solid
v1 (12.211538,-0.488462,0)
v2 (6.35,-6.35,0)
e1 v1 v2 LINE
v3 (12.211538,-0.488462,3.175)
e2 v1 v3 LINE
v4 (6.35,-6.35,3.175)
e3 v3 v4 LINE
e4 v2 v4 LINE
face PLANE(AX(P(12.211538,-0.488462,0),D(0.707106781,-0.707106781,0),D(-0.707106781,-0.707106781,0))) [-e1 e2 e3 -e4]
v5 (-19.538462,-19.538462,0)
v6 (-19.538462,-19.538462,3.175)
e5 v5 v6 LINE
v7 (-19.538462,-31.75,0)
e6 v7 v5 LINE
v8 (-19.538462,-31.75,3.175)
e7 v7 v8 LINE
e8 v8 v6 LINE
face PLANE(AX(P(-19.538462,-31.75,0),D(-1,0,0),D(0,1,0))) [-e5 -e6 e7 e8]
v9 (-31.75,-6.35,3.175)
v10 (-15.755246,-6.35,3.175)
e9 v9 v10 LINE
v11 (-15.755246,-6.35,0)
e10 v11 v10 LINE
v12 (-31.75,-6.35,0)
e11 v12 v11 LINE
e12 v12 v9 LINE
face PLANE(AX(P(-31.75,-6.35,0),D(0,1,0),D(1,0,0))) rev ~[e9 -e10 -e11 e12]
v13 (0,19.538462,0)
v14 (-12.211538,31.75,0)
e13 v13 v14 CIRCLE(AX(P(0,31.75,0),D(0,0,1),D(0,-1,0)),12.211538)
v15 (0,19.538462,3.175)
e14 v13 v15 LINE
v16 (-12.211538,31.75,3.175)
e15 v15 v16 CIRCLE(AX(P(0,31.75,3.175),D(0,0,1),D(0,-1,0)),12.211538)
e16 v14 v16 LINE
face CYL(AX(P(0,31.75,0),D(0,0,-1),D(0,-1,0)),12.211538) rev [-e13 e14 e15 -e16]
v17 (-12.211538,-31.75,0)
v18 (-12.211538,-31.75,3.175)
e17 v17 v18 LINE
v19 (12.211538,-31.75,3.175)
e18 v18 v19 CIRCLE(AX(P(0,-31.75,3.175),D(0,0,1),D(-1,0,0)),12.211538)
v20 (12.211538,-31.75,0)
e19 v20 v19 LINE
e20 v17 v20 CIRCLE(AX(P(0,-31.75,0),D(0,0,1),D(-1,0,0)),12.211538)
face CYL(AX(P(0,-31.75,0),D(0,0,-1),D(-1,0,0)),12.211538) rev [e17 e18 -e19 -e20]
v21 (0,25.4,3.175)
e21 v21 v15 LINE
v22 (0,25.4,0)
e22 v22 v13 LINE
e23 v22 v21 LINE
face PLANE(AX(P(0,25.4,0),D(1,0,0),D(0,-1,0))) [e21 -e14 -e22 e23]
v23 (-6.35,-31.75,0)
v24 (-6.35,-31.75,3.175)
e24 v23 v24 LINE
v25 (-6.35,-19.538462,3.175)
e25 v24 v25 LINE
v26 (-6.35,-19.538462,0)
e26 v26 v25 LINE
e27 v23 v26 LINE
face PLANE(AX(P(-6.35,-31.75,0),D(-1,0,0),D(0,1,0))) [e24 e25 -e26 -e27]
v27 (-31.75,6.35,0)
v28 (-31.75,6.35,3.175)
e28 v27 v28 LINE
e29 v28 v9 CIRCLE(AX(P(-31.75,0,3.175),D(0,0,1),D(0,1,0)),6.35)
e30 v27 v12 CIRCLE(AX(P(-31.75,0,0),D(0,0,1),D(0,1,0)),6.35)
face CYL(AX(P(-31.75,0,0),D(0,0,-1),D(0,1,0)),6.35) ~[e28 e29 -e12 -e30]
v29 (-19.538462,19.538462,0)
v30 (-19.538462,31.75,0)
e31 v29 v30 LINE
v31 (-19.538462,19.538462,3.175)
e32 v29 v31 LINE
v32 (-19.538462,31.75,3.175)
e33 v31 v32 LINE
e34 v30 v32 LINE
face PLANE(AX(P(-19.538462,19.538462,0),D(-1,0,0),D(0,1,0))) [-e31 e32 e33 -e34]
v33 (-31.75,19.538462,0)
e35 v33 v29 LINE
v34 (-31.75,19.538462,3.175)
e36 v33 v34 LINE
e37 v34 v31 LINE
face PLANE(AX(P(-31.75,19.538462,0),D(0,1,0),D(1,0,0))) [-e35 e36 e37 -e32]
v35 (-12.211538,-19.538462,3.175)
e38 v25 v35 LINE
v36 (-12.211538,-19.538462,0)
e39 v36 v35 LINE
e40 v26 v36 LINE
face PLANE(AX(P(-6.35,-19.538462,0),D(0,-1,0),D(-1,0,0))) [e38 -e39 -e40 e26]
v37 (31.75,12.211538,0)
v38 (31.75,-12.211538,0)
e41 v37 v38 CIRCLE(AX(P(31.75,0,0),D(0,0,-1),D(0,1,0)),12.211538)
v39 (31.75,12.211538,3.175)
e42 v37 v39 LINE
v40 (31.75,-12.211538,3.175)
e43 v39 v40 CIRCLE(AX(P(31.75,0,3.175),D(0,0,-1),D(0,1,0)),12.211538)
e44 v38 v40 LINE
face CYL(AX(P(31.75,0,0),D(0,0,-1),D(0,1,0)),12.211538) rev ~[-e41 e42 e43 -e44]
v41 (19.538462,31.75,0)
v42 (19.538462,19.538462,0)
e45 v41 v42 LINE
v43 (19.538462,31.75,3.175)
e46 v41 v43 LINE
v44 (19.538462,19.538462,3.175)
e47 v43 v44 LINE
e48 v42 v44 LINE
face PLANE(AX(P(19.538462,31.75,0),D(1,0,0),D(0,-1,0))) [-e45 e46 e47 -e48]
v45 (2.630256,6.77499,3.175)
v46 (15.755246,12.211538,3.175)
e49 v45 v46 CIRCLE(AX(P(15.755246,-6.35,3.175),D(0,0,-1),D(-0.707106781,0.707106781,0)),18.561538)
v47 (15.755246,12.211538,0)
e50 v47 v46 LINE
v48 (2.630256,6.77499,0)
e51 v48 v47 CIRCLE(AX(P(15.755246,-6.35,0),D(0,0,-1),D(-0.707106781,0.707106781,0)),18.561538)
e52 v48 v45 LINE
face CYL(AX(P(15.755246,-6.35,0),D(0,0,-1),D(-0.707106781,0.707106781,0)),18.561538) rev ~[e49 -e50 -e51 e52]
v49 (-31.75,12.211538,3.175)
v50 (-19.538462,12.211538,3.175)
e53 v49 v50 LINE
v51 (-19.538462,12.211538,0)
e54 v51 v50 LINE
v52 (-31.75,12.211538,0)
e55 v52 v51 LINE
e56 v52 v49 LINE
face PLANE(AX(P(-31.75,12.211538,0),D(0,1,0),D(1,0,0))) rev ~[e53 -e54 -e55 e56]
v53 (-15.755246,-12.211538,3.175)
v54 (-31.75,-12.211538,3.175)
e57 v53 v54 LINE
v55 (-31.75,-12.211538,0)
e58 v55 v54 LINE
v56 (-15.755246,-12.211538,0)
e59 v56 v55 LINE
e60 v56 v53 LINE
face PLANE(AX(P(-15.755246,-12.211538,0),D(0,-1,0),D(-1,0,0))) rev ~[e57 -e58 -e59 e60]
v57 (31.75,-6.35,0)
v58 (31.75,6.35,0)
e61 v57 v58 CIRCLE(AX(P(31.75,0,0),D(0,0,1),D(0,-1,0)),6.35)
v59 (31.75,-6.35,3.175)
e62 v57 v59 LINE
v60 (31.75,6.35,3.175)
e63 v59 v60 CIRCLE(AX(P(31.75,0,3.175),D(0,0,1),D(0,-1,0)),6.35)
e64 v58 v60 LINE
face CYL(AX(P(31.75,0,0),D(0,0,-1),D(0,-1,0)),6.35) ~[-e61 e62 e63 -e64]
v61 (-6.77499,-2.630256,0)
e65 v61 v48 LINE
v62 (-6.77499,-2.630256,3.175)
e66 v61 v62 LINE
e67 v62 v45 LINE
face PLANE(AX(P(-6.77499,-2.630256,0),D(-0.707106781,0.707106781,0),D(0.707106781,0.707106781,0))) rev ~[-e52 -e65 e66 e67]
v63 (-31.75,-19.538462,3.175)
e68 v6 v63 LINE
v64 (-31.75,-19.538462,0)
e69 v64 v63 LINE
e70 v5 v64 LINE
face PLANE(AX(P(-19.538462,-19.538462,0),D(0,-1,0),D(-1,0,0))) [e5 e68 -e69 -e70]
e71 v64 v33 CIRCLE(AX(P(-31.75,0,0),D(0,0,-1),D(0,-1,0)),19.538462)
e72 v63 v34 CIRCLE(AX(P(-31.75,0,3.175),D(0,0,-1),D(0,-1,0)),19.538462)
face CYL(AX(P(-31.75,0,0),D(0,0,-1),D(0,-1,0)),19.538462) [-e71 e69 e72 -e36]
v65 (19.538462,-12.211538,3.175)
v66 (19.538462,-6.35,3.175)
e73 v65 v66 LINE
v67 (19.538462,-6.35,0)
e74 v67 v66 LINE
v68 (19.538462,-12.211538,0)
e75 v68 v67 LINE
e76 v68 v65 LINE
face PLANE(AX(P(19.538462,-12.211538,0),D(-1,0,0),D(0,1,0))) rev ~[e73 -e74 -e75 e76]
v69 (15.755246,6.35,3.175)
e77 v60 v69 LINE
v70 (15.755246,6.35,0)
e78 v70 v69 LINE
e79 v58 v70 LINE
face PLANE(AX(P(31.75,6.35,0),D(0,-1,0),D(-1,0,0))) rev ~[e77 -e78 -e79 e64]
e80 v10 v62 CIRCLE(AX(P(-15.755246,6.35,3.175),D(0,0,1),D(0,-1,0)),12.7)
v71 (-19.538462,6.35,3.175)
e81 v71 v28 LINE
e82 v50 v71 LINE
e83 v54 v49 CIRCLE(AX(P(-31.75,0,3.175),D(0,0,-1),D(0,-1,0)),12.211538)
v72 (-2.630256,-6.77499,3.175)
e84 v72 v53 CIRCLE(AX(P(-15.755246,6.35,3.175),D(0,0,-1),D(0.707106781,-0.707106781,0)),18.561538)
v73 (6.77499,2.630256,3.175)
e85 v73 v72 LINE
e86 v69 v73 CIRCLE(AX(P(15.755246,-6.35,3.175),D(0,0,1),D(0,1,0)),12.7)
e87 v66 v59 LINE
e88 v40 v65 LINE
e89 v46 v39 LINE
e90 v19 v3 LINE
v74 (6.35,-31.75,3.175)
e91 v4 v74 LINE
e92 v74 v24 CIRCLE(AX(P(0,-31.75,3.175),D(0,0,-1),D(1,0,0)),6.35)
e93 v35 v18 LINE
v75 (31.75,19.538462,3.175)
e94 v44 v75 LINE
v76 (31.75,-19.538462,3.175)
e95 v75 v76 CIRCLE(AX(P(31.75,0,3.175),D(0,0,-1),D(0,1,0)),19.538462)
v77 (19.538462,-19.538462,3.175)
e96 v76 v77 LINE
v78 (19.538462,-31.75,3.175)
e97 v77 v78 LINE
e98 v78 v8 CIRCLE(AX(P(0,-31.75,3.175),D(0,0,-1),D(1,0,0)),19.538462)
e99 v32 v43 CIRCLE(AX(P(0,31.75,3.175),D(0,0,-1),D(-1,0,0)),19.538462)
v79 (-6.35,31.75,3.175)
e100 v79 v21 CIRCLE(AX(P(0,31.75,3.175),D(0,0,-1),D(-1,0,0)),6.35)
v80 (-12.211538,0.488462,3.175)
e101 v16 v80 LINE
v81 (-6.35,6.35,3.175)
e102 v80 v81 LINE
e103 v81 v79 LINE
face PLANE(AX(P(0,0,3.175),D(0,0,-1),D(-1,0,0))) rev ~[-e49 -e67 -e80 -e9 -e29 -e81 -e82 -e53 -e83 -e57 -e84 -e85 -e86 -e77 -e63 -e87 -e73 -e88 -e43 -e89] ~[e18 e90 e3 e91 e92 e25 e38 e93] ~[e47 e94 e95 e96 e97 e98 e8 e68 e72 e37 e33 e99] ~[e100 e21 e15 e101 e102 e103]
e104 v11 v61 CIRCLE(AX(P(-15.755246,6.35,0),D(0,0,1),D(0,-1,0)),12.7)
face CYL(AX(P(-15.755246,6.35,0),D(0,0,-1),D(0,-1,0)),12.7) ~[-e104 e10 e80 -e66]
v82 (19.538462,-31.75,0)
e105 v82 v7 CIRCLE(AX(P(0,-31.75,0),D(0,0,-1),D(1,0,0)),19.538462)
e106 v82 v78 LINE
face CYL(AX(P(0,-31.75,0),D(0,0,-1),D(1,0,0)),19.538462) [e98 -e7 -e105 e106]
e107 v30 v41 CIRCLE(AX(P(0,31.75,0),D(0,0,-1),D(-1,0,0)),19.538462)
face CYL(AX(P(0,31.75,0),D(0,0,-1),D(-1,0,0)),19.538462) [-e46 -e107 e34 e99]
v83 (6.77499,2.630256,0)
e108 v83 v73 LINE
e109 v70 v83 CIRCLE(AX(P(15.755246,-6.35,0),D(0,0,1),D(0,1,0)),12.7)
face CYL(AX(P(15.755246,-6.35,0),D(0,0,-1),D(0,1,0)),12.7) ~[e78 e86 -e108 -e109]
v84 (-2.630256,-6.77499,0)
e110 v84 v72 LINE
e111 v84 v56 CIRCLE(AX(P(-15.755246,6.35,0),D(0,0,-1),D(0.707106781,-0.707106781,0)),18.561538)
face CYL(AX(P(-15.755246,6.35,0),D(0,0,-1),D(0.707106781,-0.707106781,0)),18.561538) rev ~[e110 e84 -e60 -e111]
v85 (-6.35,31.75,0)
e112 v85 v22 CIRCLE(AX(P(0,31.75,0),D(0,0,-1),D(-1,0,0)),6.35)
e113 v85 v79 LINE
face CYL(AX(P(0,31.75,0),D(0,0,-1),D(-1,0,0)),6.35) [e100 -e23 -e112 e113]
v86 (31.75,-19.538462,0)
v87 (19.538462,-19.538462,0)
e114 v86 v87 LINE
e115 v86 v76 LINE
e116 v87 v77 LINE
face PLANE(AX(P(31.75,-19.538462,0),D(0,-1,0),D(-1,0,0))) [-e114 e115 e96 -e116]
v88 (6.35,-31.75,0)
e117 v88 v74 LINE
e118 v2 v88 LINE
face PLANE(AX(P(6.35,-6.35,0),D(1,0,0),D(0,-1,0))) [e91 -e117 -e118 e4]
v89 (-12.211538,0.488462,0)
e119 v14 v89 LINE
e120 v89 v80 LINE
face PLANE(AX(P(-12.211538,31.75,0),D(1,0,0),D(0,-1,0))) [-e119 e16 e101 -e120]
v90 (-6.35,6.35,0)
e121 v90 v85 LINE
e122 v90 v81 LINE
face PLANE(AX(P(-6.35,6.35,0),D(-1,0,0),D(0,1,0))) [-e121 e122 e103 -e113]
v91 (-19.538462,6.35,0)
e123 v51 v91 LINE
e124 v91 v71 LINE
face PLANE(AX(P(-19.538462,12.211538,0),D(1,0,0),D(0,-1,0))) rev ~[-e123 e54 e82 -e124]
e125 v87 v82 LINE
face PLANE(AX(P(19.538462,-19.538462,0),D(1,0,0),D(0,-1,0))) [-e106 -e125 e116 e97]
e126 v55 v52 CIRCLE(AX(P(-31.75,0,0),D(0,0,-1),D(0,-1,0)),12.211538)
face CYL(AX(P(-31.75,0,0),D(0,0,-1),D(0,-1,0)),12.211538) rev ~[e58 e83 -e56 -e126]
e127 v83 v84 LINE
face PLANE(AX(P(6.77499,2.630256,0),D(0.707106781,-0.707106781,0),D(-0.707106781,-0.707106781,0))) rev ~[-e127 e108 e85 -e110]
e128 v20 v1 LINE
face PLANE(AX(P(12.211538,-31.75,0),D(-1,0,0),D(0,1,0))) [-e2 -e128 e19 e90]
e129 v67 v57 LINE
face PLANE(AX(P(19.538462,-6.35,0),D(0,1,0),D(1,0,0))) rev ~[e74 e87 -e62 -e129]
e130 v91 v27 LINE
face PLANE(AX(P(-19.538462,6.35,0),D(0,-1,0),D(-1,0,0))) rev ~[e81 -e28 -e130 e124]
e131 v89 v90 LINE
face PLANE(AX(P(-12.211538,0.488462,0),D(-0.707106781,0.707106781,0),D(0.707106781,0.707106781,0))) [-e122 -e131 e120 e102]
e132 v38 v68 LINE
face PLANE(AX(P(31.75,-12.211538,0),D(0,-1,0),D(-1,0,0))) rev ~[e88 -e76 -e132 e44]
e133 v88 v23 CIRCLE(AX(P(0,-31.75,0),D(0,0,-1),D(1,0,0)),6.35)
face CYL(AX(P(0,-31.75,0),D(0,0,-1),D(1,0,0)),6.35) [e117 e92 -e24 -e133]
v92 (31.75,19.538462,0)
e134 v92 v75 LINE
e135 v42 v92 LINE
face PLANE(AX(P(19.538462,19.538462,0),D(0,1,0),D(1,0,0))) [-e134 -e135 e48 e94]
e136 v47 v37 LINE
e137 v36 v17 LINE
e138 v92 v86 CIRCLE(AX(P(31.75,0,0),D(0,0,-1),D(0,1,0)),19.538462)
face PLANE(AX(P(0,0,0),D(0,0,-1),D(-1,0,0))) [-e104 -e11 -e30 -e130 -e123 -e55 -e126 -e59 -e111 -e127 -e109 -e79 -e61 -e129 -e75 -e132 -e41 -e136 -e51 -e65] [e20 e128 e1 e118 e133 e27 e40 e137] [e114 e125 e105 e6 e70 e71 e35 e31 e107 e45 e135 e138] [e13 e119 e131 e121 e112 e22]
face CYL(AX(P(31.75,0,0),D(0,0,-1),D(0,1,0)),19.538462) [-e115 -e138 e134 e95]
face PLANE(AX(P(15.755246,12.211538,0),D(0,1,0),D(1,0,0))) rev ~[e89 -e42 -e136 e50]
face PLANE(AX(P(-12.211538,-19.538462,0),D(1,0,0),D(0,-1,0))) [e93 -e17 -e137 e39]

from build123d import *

# Parameters (mm, degrees)
BOSS_EXTRUDE1_DEPTH = 3.175


with BuildPart() as part:
    # Sketch2 → Boss-Extrude1 (new body)
    with BuildSketch(Plane.XY):
        with BuildLine():
            Line((19.538461538, 19.538461538), (31.75, 19.538461538))
            ThreePointArc((31.75, 19.538461538), (51.288461538, 0), (31.75, -19.538461538))
            Line((31.75, -19.538461538), (19.538461538, -19.538461538))
            Line((19.538461538, -19.538461538), (19.538461538, -31.75))
            ThreePointArc((19.538461538, -31.75), (0, -51.288461538), (-19.538461538, -31.75))
            Line((-19.538461538, -31.75), (-19.538461538, -19.538461538))
            Line((-19.538461538, -19.538461538), (-31.75, -19.538461538))
            ThreePointArc((-31.75, -19.538461538), (-51.288461538, 0), (-31.75, 19.538461538))
            Line((-31.75, 19.538461538), (-19.538461538, 19.538461538))
            Line((-19.538461538, 19.538461538), (-19.538461538, 31.75))
            ThreePointArc((-19.538461538, 31.75), (0, 51.288461538), (19.538461538, 31.75))
            Line((19.538461538, 31.75), (19.538461538, 19.538461538))
        make_face()
        with BuildLine():
            Line((-31.75, 12.211538462), (-19.538461538, 12.211538462))
            Line((-19.538461538, 12.211538462), (-19.538461538, 6.35))
            Line((-19.538461538, 6.35), (-31.75, 6.35))
            ThreePointArc((-31.75, 6.35), (-38.1, 0), (-31.75, -6.35))
            Line((-31.75, -6.35), (-15.755245836, -6.35))
            ThreePointArc((-15.755245836, -6.35), (-10.895166245, -5.383270063), (-6.774989715, -2.630256121))
            Line((-6.774989715, -2.630256121), (2.630256121, 6.774989715))
            ThreePointArc((2.630256121, 6.774989715), (8.652052588, 10.798625477), (15.755245836, 12.211538462))
            Line((15.755245836, 12.211538462), (31.75, 12.211538462))
            ThreePointArc((31.75, 12.211538462), (43.961538462, 0), (31.75, -12.211538462))
            Line((31.75, -12.211538462), (19.538461538, -12.211538462))
            Line((19.538461538, -12.211538462), (19.538461538, -6.35))
            Line((19.538461538, -6.35), (31.75, -6.35))
            ThreePointArc((31.75, -6.35), (38.1, 0), (31.75, 6.35))
            Line((31.75, 6.35), (15.755245836, 6.35))
            ThreePointArc((15.755245836, 6.35), (10.895166245, 5.383270063), (6.774989715, 2.630256121))
            Line((6.774989715, 2.630256121), (-2.630256121, -6.774989715))
            ThreePointArc((-2.630256121, -6.774989715), (-8.652052588, -10.798625477), (-15.755245836, -12.211538462))
            Line((-15.755245836, -12.211538462), (-31.75, -12.211538462))
            ThreePointArc((-31.75, -12.211538462), (-43.961538462, 0), (-31.75, 12.211538462))
        make_face(mode=Mode.SUBTRACT)
        with BuildLine():
            Line((-6.35, -31.75), (-6.35, -19.538461538))
            Line((-6.35, -19.538461538), (-12.211538462, -19.538461538))
            Line((-12.211538462, -19.538461538), (-12.211538462, -31.75))
            ThreePointArc((-12.211538462, -31.75), (0, -43.961538462), (12.211538462, -31.75))
            Line((12.211538462, -31.75), (12.211538462, -0.488461538))
            Line((12.211538462, -0.488461538), (6.35, -6.35))
            Line((6.35, -6.35), (6.35, -31.75))
            ThreePointArc((6.35, -31.75), (0, -38.1), (-6.35, -31.75))
        make_face(mode=Mode.SUBTRACT)
        with BuildLine():
            Line((0, 25.4), (0, 19.538461538))
            ThreePointArc((0, 19.538461538), (8.634861655, 40.384861655), (-12.211538462, 31.75))
            Line((-12.211538462, 31.75), (-12.211538462, 0.488461538))
            Line((-12.211538462, 0.488461538), (-6.35, 6.35))
            Line((-6.35, 6.35), (-6.35, 31.75))
            ThreePointArc((-6.35, 31.75), (4.490128061, 36.240128061), (0, 25.4))
        make_face(mode=Mode.SUBTRACT)
    extrude(amount=BOSS_EXTRUDE1_DEPTH)


solid = part.part
